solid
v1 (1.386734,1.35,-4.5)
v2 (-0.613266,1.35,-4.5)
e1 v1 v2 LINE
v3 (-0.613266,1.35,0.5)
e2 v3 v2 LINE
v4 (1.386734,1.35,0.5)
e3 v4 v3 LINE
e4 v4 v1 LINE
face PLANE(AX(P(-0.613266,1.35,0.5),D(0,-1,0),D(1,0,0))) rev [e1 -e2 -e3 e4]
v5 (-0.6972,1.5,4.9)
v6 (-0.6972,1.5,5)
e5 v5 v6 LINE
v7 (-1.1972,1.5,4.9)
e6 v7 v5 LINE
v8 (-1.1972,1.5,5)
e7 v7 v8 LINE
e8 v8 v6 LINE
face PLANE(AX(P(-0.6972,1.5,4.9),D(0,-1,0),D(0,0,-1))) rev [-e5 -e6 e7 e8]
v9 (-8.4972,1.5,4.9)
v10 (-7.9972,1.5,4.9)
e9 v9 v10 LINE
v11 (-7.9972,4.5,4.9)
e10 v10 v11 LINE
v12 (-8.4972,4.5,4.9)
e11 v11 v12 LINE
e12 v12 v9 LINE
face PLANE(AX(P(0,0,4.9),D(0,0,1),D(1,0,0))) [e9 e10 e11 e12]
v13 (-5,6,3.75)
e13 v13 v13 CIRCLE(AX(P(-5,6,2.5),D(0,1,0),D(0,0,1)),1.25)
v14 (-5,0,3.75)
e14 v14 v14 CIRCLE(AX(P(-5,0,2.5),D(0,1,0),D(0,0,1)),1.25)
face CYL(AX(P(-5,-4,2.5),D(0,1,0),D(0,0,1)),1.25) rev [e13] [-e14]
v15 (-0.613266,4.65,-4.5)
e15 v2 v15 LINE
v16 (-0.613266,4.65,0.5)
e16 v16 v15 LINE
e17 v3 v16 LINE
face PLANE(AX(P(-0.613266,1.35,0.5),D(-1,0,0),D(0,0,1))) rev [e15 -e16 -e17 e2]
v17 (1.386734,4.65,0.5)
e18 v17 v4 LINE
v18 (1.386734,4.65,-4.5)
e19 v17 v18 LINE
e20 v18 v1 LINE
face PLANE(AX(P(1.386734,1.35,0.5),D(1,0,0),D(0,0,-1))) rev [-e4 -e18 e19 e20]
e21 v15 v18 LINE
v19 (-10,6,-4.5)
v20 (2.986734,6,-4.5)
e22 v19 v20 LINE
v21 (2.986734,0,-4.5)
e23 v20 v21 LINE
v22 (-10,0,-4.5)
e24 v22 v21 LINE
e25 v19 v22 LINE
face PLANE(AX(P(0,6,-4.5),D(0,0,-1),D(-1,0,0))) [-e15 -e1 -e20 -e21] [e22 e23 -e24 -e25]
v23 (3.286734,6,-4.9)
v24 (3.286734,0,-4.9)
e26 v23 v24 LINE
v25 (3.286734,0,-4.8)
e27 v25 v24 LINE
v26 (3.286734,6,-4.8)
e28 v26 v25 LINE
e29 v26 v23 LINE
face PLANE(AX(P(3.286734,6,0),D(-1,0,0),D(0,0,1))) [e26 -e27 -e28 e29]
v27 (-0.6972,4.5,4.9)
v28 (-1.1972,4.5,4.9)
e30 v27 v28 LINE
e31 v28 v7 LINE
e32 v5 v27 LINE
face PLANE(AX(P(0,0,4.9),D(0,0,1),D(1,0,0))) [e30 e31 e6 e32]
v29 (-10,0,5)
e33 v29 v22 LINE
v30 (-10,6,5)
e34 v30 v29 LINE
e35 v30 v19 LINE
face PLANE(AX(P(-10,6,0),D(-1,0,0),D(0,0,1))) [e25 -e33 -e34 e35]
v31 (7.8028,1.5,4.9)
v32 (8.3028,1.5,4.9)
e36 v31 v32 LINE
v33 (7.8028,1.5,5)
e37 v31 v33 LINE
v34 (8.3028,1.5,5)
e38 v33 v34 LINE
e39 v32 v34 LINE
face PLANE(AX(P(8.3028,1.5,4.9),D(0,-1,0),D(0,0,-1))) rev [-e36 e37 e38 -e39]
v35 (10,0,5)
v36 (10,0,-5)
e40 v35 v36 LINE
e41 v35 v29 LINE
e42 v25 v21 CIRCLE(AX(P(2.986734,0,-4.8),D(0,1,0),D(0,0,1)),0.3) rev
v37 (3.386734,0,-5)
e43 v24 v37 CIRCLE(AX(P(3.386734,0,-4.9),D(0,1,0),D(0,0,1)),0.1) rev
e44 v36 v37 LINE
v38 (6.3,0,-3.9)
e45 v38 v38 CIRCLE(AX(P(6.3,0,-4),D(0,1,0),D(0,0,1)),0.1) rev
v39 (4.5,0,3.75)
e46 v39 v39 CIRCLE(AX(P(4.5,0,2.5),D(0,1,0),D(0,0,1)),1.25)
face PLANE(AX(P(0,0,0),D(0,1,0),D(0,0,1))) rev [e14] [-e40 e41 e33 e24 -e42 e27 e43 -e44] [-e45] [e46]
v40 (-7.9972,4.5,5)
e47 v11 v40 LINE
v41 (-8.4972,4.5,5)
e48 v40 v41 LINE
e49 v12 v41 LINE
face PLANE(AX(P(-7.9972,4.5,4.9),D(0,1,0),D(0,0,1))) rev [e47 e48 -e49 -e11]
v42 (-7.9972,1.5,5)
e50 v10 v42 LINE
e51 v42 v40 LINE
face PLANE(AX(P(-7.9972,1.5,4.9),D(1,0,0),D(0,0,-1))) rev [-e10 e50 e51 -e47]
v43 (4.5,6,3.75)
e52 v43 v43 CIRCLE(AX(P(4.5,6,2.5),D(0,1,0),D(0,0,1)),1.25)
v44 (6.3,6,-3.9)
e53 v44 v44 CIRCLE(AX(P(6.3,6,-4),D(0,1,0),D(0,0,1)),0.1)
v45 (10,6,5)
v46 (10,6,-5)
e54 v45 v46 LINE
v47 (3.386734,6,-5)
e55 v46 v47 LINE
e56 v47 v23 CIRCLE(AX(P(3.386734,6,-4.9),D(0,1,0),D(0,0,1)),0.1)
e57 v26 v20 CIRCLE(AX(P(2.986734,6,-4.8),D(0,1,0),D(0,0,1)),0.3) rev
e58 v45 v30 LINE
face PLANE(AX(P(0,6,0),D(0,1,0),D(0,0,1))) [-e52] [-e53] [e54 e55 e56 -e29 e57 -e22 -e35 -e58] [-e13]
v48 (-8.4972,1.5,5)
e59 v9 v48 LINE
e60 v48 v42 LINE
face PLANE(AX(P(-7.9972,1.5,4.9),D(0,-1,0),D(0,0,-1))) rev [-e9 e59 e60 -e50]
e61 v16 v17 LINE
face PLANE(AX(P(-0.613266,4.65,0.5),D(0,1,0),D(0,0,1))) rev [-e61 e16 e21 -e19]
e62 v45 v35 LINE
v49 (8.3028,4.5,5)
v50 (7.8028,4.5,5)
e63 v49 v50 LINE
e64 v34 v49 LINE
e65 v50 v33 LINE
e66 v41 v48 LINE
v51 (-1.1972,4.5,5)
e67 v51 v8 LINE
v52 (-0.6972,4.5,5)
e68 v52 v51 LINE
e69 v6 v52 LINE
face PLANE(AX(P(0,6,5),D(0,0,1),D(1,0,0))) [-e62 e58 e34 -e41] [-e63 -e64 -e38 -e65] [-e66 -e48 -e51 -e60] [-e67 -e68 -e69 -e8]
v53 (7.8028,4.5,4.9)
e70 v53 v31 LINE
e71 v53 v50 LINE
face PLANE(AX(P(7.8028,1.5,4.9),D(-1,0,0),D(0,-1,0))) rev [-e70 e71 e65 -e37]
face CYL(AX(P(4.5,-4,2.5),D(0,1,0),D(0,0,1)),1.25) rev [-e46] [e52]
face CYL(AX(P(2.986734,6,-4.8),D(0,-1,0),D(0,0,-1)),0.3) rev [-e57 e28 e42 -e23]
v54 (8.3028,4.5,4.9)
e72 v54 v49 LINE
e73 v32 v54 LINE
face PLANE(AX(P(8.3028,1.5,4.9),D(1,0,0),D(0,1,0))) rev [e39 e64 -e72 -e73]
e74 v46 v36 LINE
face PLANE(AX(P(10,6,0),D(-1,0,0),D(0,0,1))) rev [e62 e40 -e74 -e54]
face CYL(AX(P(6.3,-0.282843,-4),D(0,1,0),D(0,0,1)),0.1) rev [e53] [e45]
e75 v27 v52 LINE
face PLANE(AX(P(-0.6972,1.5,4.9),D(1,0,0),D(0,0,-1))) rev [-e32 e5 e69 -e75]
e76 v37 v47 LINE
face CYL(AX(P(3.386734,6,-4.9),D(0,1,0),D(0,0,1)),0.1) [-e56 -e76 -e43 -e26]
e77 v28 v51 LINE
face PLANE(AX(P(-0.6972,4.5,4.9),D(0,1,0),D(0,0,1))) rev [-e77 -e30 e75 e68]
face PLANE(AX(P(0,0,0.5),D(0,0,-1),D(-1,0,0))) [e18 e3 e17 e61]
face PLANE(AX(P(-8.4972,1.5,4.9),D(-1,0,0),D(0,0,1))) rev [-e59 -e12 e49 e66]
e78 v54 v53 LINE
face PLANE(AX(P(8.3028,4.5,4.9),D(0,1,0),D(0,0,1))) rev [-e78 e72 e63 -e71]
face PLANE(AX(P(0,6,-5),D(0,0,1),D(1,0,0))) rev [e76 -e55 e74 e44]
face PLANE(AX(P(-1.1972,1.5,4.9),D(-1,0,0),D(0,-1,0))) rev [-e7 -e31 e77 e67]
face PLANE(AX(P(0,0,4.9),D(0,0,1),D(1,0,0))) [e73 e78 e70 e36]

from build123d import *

# Parameters (mm, degrees)
SALIENTE_EXTRUIR2_DEPTH = 6
CROQUIS2_R              = 1.25
CORTAR_EXTRUIR1_DEPTH   = 10
REDONDEO1_R             = 0.1
CROQUIS3_W              = 2
CROQUIS3_H              = 3.3
CORTAR_EXTRUIR2_DEPTH   = 5
CROQUIS4_R              = 0.1
CORTAR_EXTRUIR3_DEPTH   = 6
CROQUIS5_W              = 0.5
CROQUIS5_H              = 3
CORTAR_EXTRUIR4_DEPTH   = 0.1


with BuildPart() as part:
    # Croquis1 → Saliente-Extruir2 (new body)
    with BuildSketch(Plane(origin=(0, 0, 0), x_dir=(1, 0, 0), z_dir=(0, 1, 0))):
        with BuildLine():
            Line((2.986733927, 4.5), (-10, 4.5))
            Line((-10, 4.5), (-10, -5))
            Line((-10, -5), (10, -5))
            Line((10, -5), (10, 5))
            Line((10, 5), (3.286733927, 5))
            Line((3.286733927, 5), (3.286733927, 4.8))
            ThreePointArc((3.286733927, 4.8), (3.198865961, 4.587867966), (2.986733927, 4.5))
        make_face()
    extrude(amount=SALIENTE_EXTRUIR2_DEPTH)

    # Croquis2 → Cortar-Extruir1 (cut)
    with BuildSketch(Plane(origin=(0, 6, 0), x_dir=(1, 0, 0), z_dir=(0, 1, 0))):
        with Locations(Location((-5, -2.5, 0), (0, 0, 270))):
            Circle(CROQUIS2_R)
        with Locations(Location((4.5, -2.5, 0), (0, 0, 270))):
            Circle(CROQUIS2_R)
    extrude(amount=-CORTAR_EXTRUIR1_DEPTH, mode=Mode.SUBTRACT)

    # Redondeo1
    redondeo1_edges = [part.edges().sort_by_distance(p)[0] for p in [
        (3.286733927, 3, -5),
    ]]
    fillet(redondeo1_edges, radius=REDONDEO1_R)

    # Croquis3 → Cortar-Extruir2 (cut)
    with BuildSketch(Plane(origin=(0, 0, -4.5), x_dir=(-1, 0, 0), z_dir=(0, 0, -1))):
        with Locations((-0.386733927, 3)):
            Rectangle(CROQUIS3_W, CROQUIS3_H)
    extrude(amount=-CORTAR_EXTRUIR2_DEPTH, mode=Mode.SUBTRACT)

    # Croquis4 → Cortar-Extruir3 (cut)
    with BuildSketch(Plane(origin=(0, 6, 0), x_dir=(1, 0, 0), z_dir=(0, 1, 0))):
        with Locations(Location((6.3, 4, 0), (0, 0, 270))):
            Circle(CROQUIS4_R)
    extrude(amount=-CORTAR_EXTRUIR3_DEPTH, mode=Mode.SUBTRACT)

    # Croquis5 → Cortar-Extruir4 (cut)
    with BuildSketch(Plane.XY.offset(5)):
        with Locations((-8.247200411, 3)):
            Rectangle(CROQUIS5_W, CROQUIS5_H)
        with Locations((-0.947200411, 3)):
            Rectangle(CROQUIS5_W, CROQUIS5_H)
        with Locations((8.052799589, 3)):
            Rectangle(CROQUIS5_W, CROQUIS5_H)
    extrude(amount=-CORTAR_EXTRUIR4_DEPTH, mode=Mode.SUBTRACT)


solid = part.part
